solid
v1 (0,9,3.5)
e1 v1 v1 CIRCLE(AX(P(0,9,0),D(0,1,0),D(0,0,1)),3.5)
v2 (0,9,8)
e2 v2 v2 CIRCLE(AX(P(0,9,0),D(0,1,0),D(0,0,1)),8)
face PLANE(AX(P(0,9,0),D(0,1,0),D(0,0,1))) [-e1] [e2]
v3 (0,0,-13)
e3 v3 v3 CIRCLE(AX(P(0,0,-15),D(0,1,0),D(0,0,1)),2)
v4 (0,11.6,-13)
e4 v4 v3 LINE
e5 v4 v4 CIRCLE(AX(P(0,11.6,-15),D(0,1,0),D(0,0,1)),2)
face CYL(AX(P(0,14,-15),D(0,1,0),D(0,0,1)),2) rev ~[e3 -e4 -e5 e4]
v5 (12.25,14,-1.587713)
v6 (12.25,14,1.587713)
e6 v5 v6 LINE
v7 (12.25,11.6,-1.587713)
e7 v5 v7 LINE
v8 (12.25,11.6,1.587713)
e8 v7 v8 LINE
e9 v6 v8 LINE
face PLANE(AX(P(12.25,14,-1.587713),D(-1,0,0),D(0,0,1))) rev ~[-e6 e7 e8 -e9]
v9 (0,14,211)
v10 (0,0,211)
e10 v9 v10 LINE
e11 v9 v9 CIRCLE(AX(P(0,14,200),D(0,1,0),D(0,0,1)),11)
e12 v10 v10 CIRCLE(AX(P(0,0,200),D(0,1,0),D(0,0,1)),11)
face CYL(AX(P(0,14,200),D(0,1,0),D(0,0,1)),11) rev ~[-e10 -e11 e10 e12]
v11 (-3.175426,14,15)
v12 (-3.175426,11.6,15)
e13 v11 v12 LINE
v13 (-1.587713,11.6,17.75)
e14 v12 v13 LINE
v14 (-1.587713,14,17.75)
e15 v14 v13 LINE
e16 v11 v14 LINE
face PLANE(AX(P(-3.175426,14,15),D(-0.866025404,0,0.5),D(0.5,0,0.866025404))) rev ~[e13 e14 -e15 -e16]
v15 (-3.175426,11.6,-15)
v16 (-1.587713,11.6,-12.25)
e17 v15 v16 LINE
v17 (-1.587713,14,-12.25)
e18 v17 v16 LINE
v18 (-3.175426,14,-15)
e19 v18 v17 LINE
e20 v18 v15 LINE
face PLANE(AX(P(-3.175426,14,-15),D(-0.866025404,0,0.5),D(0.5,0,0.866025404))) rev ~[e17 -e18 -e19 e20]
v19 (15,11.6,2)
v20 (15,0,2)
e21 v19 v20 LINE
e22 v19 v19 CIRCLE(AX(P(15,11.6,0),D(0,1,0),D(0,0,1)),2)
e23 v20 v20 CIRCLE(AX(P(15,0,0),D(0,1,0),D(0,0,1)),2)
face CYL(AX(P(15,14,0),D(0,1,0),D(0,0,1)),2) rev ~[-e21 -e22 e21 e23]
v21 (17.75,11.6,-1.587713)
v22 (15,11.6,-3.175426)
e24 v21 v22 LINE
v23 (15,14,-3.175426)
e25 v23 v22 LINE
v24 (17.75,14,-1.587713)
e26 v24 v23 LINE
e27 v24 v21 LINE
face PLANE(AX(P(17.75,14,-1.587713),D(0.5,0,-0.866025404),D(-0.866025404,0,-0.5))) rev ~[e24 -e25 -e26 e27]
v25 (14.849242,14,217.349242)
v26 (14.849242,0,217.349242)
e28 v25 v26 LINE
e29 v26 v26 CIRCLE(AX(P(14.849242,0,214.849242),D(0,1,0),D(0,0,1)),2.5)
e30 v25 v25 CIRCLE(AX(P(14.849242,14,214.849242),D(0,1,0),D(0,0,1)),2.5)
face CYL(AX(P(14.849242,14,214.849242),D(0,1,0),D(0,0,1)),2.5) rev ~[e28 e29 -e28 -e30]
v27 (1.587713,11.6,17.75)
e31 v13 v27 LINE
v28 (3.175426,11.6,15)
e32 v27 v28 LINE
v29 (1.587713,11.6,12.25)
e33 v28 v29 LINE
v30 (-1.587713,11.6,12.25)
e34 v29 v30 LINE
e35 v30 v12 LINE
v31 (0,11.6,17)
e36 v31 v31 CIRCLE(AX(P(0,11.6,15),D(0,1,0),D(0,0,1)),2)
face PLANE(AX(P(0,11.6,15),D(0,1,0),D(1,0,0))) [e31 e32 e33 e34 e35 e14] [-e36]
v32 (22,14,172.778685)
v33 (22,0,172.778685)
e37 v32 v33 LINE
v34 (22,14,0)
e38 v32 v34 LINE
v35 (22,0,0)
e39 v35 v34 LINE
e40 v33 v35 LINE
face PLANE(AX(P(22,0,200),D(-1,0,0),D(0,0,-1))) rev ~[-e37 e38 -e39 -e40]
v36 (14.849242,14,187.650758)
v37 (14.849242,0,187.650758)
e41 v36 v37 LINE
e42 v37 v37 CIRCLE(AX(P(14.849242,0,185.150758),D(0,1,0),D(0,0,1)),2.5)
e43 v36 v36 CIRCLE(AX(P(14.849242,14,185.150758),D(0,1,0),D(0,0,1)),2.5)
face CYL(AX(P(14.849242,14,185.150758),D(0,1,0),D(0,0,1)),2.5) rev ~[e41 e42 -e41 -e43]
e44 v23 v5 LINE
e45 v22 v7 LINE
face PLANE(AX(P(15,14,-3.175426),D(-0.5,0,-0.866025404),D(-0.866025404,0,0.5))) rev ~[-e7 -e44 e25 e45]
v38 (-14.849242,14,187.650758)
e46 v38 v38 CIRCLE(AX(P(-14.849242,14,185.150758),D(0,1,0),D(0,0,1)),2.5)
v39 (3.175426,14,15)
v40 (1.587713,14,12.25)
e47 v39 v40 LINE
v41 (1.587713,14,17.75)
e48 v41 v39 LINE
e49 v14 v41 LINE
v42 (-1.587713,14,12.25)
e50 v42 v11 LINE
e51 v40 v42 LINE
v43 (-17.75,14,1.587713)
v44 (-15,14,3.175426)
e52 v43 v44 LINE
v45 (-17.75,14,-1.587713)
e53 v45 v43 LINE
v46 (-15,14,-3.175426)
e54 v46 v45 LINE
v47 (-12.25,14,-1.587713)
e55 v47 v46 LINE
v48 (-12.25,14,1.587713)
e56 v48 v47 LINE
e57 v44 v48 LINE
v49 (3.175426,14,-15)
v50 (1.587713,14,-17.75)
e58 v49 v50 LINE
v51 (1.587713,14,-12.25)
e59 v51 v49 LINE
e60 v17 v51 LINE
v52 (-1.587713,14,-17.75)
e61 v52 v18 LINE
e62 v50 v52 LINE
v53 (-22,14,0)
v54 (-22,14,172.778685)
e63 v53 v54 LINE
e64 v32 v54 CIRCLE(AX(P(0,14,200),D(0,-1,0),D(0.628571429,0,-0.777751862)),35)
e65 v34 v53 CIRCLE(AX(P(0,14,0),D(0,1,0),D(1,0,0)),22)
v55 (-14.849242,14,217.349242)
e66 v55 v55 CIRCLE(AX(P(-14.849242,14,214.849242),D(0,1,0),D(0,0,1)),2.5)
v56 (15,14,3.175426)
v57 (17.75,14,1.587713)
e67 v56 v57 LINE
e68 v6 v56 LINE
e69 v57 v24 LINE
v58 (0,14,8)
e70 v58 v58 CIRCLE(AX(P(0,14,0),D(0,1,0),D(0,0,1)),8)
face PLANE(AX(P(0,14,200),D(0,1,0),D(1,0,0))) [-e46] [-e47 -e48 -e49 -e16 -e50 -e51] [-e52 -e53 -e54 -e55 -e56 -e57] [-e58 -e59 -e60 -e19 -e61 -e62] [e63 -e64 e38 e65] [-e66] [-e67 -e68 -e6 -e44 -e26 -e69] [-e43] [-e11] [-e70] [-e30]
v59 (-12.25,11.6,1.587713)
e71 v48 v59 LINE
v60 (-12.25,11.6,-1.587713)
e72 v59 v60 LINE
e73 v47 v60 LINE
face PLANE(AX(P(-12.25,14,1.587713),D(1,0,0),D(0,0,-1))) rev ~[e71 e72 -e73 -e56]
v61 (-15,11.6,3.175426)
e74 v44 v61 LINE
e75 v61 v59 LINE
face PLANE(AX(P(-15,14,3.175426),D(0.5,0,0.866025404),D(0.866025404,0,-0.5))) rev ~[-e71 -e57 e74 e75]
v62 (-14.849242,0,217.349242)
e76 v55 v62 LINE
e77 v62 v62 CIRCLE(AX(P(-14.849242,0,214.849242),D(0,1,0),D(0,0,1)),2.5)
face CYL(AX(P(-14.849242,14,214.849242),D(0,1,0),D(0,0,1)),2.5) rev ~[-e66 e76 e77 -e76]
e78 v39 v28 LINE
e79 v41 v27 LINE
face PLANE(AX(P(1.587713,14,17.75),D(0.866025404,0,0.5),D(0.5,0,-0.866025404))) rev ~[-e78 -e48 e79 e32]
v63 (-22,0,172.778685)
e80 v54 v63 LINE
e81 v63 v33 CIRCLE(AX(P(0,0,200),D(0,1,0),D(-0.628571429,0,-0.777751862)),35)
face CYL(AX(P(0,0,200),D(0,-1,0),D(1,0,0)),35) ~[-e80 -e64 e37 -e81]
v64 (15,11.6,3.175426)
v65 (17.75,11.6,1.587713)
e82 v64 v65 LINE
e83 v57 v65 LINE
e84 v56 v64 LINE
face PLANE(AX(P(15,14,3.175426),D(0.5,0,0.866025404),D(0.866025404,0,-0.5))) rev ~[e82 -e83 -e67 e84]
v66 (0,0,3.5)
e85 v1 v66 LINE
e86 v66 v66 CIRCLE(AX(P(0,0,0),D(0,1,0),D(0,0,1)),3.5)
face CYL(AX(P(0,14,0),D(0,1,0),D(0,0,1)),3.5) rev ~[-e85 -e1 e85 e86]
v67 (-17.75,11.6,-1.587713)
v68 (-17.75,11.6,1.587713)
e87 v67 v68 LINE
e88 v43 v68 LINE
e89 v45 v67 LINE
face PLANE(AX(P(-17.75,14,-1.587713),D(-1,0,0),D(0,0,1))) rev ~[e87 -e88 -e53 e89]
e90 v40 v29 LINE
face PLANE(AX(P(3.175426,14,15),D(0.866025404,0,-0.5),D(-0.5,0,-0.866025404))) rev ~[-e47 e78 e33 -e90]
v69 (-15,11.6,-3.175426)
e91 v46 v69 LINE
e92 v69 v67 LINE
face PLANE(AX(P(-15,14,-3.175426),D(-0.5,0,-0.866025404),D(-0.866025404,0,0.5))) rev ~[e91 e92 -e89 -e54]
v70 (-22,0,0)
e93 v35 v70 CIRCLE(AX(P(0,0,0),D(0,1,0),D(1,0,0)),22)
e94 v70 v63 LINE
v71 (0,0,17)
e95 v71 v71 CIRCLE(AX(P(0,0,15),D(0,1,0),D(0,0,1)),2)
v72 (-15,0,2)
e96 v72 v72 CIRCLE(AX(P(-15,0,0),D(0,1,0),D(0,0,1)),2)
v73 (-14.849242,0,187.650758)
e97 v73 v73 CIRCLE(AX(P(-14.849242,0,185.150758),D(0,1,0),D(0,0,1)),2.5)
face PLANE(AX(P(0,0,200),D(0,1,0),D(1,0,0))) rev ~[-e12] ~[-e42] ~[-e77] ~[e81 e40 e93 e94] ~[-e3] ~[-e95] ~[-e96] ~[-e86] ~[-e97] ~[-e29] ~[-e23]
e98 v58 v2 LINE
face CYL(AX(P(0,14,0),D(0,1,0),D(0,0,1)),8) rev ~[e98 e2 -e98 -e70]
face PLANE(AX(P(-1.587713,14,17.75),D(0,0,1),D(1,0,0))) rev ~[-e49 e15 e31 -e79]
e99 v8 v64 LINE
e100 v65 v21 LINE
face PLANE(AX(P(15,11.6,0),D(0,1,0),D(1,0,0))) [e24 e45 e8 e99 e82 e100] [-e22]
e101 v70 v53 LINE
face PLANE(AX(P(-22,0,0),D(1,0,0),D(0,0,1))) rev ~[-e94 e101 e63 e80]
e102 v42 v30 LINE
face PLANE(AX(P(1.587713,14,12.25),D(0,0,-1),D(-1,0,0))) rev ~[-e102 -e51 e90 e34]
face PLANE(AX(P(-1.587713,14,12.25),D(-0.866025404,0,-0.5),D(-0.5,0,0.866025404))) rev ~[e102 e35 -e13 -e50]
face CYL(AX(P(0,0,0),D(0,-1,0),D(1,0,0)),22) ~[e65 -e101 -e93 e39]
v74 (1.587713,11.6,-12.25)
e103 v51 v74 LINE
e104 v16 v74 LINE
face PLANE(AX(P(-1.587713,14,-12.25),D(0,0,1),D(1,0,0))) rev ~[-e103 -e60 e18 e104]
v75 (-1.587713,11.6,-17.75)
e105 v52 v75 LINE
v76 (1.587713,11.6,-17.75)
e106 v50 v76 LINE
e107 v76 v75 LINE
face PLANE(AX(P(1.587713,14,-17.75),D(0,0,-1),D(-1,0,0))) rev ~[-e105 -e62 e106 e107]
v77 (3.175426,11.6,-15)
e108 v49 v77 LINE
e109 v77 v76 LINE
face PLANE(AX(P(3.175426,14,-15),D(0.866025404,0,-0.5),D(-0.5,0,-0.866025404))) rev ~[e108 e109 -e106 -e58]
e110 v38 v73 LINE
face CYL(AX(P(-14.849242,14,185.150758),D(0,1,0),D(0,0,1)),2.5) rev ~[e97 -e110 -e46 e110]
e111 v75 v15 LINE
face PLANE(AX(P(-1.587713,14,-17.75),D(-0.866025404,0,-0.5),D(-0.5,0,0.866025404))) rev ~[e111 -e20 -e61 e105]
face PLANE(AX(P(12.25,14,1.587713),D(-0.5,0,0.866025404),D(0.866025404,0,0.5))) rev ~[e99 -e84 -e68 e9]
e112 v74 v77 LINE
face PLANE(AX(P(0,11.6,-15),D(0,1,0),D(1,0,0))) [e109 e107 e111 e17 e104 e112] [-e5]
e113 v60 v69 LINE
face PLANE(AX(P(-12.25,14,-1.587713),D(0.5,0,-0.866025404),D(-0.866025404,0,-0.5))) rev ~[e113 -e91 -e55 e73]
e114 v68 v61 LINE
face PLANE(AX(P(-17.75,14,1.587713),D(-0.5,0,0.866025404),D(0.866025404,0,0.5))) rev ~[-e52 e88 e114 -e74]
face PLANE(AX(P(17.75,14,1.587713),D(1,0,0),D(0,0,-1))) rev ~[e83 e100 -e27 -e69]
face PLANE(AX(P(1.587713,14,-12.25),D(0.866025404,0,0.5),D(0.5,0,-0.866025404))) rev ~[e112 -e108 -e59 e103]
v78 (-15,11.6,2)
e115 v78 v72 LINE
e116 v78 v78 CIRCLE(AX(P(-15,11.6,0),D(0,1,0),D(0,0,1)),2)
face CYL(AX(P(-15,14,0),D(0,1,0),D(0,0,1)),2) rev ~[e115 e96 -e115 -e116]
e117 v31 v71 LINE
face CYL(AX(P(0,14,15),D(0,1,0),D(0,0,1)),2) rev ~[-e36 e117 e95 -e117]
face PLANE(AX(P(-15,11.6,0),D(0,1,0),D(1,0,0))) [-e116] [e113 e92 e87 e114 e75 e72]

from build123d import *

# Parameters (mm, degrees)
BOSS_EXTRUDE1_DEPTH = 14
SKETCH2_R           = 8
CUT_EXTRUDE1_DEPTH  = 5
SKETCH3_R           = 3.5
CUT_EXTRUDE2_DEPTH  = 224.526284808
CUT_EXTRUDE9_DEPTH  = 2.4
SKETCH7_R           = 2
CUT_EXTRUDE10_DEPTH = 224.526284808
SKETCH8_R           = 35
BOSS_EXTRUDE2_DEPTH = 14
SKETCH9_R           = 2.5
SKETCH9_R_2         = 11
CUT_EXTRUDE11_DEPTH = 239.004201644


with BuildPart() as part:
    # Sketch1 → Boss-Extrude1 (new body)
    with BuildSketch(Plane(origin=(0, 0, 0), x_dir=(1, 0, 0), z_dir=(0, 1, 0))):
        with BuildLine():
            Line((-22, 0), (-22, -200))
            ThreePointArc((-22, -200), (0, -222), (22, -200))
            Line((22, -200), (22, 0))
            ThreePointArc((22, 0), (0, 22), (-22, 0))
        make_face()
    extrude(amount=BOSS_EXTRUDE1_DEPTH)

    # Sketch2 → Cut-Extrude1 (cut)
    with BuildSketch(Plane(origin=(0, 14, 0), x_dir=(1, 0, 0), z_dir=(0, 1, 0))):
        with Locations(Location((0, 0, 0), (0, 0, 270))):
            Circle(SKETCH2_R)
    extrude(amount=-CUT_EXTRUDE1_DEPTH, mode=Mode.SUBTRACT)

    # Sketch3 → Cut-Extrude2 (cut, through all)
    with BuildSketch(Plane(origin=(0, 14, 0), x_dir=(1, 0, 0), z_dir=(0, 1, 0))):
        with Locations(Location((0, 0, 0), (0, 0, 270))):
            Circle(SKETCH3_R)
    extrude(amount=-CUT_EXTRUDE2_DEPTH, mode=Mode.SUBTRACT)

    # Sketch4 → Cut-Extrude9 (cut)
    with BuildSketch(Plane(origin=(0, 14, 0), x_dir=(1, 0, 0), z_dir=(0, 1, 0))):
        Polygon((15, -3.175426481), (17.75, -1.58771324), (17.75, 1.58771324), (15, 3.175426481), (12.25, 1.58771324), (12.25, -1.58771324), align=None)
        Polygon((3.175426481, 15), (1.58771324, 17.75), (-1.58771324, 17.75), (-3.175426481, 15), (-1.58771324, 12.25), (1.58771324, 12.25), align=None)
        Polygon((-3.175426481, -15), (-1.58771324, -17.75), (1.58771324, -17.75), (3.175426481, -15), (1.58771324, -12.25), (-1.58771324, -12.25), align=None)
        Polygon((-15, 3.175426481), (-17.75, 1.58771324), (-17.75, -1.58771324), (-15, -3.175426481), (-12.25, -1.58771324), (-12.25, 1.58771324), align=None)
    extrude(amount=-CUT_EXTRUDE9_DEPTH, mode=Mode.SUBTRACT)

    # Sketch7 → Cut-Extrude10 (cut, through all)
    with BuildSketch(Plane(origin=(0, 14, 0), x_dir=(1, 0, 0), z_dir=(0, 1, 0))):
        with Locations(Location((0, 15, 0), (0, 0, 270))):
            Circle(SKETCH7_R)
        with Locations(Location((15, 0, 0), (0, 0, 270))):
            Circle(SKETCH7_R)
        with Locations(Location((0, -15, 0), (0, 0, 270))):
            Circle(SKETCH7_R)
        with Locations(Location((-15, 0, 0), (0, 0, 270))):
            Circle(SKETCH7_R)
    extrude(amount=-CUT_EXTRUDE10_DEPTH, mode=Mode.SUBTRACT)

    # Sketch8 → Boss-Extrude2 (add)
    with BuildSketch(Plane(origin=(0, 0, 0), x_dir=(1, 0, 0), z_dir=(0, 1, 0))):
        with Locations((0, -200)):
            Circle(SKETCH8_R)
    extrude(amount=BOSS_EXTRUDE2_DEPTH)

    # Sketch9 → Cut-Extrude11 (cut, through all)
    with BuildSketch(Plane(origin=(0, 14, 0), x_dir=(1, 0, 0), z_dir=(0, 1, 0))):
        with Locations(Location((-14.849242405, -185.150757595, 0), (0, 0, 270))):
            Circle(SKETCH9_R)
        with Locations(Location((14.849242405, -185.150757595, 0), (0, 0, 270))):
            Circle(SKETCH9_R)
        with Locations(Location((14.849242405, -214.849242405, 0), (0, 0, 270))):
            Circle(SKETCH9_R)
        with Locations(Location((-14.849242405, -214.849242405, 0), (0, 0, 270))):
            Circle(SKETCH9_R)
        with Locations(Location((0, -200, 0), (0, 0, 270))):
            Circle(SKETCH9_R_2)
    extrude(amount=-CUT_EXTRUDE11_DEPTH, mode=Mode.SUBTRACT)


solid = part.part
